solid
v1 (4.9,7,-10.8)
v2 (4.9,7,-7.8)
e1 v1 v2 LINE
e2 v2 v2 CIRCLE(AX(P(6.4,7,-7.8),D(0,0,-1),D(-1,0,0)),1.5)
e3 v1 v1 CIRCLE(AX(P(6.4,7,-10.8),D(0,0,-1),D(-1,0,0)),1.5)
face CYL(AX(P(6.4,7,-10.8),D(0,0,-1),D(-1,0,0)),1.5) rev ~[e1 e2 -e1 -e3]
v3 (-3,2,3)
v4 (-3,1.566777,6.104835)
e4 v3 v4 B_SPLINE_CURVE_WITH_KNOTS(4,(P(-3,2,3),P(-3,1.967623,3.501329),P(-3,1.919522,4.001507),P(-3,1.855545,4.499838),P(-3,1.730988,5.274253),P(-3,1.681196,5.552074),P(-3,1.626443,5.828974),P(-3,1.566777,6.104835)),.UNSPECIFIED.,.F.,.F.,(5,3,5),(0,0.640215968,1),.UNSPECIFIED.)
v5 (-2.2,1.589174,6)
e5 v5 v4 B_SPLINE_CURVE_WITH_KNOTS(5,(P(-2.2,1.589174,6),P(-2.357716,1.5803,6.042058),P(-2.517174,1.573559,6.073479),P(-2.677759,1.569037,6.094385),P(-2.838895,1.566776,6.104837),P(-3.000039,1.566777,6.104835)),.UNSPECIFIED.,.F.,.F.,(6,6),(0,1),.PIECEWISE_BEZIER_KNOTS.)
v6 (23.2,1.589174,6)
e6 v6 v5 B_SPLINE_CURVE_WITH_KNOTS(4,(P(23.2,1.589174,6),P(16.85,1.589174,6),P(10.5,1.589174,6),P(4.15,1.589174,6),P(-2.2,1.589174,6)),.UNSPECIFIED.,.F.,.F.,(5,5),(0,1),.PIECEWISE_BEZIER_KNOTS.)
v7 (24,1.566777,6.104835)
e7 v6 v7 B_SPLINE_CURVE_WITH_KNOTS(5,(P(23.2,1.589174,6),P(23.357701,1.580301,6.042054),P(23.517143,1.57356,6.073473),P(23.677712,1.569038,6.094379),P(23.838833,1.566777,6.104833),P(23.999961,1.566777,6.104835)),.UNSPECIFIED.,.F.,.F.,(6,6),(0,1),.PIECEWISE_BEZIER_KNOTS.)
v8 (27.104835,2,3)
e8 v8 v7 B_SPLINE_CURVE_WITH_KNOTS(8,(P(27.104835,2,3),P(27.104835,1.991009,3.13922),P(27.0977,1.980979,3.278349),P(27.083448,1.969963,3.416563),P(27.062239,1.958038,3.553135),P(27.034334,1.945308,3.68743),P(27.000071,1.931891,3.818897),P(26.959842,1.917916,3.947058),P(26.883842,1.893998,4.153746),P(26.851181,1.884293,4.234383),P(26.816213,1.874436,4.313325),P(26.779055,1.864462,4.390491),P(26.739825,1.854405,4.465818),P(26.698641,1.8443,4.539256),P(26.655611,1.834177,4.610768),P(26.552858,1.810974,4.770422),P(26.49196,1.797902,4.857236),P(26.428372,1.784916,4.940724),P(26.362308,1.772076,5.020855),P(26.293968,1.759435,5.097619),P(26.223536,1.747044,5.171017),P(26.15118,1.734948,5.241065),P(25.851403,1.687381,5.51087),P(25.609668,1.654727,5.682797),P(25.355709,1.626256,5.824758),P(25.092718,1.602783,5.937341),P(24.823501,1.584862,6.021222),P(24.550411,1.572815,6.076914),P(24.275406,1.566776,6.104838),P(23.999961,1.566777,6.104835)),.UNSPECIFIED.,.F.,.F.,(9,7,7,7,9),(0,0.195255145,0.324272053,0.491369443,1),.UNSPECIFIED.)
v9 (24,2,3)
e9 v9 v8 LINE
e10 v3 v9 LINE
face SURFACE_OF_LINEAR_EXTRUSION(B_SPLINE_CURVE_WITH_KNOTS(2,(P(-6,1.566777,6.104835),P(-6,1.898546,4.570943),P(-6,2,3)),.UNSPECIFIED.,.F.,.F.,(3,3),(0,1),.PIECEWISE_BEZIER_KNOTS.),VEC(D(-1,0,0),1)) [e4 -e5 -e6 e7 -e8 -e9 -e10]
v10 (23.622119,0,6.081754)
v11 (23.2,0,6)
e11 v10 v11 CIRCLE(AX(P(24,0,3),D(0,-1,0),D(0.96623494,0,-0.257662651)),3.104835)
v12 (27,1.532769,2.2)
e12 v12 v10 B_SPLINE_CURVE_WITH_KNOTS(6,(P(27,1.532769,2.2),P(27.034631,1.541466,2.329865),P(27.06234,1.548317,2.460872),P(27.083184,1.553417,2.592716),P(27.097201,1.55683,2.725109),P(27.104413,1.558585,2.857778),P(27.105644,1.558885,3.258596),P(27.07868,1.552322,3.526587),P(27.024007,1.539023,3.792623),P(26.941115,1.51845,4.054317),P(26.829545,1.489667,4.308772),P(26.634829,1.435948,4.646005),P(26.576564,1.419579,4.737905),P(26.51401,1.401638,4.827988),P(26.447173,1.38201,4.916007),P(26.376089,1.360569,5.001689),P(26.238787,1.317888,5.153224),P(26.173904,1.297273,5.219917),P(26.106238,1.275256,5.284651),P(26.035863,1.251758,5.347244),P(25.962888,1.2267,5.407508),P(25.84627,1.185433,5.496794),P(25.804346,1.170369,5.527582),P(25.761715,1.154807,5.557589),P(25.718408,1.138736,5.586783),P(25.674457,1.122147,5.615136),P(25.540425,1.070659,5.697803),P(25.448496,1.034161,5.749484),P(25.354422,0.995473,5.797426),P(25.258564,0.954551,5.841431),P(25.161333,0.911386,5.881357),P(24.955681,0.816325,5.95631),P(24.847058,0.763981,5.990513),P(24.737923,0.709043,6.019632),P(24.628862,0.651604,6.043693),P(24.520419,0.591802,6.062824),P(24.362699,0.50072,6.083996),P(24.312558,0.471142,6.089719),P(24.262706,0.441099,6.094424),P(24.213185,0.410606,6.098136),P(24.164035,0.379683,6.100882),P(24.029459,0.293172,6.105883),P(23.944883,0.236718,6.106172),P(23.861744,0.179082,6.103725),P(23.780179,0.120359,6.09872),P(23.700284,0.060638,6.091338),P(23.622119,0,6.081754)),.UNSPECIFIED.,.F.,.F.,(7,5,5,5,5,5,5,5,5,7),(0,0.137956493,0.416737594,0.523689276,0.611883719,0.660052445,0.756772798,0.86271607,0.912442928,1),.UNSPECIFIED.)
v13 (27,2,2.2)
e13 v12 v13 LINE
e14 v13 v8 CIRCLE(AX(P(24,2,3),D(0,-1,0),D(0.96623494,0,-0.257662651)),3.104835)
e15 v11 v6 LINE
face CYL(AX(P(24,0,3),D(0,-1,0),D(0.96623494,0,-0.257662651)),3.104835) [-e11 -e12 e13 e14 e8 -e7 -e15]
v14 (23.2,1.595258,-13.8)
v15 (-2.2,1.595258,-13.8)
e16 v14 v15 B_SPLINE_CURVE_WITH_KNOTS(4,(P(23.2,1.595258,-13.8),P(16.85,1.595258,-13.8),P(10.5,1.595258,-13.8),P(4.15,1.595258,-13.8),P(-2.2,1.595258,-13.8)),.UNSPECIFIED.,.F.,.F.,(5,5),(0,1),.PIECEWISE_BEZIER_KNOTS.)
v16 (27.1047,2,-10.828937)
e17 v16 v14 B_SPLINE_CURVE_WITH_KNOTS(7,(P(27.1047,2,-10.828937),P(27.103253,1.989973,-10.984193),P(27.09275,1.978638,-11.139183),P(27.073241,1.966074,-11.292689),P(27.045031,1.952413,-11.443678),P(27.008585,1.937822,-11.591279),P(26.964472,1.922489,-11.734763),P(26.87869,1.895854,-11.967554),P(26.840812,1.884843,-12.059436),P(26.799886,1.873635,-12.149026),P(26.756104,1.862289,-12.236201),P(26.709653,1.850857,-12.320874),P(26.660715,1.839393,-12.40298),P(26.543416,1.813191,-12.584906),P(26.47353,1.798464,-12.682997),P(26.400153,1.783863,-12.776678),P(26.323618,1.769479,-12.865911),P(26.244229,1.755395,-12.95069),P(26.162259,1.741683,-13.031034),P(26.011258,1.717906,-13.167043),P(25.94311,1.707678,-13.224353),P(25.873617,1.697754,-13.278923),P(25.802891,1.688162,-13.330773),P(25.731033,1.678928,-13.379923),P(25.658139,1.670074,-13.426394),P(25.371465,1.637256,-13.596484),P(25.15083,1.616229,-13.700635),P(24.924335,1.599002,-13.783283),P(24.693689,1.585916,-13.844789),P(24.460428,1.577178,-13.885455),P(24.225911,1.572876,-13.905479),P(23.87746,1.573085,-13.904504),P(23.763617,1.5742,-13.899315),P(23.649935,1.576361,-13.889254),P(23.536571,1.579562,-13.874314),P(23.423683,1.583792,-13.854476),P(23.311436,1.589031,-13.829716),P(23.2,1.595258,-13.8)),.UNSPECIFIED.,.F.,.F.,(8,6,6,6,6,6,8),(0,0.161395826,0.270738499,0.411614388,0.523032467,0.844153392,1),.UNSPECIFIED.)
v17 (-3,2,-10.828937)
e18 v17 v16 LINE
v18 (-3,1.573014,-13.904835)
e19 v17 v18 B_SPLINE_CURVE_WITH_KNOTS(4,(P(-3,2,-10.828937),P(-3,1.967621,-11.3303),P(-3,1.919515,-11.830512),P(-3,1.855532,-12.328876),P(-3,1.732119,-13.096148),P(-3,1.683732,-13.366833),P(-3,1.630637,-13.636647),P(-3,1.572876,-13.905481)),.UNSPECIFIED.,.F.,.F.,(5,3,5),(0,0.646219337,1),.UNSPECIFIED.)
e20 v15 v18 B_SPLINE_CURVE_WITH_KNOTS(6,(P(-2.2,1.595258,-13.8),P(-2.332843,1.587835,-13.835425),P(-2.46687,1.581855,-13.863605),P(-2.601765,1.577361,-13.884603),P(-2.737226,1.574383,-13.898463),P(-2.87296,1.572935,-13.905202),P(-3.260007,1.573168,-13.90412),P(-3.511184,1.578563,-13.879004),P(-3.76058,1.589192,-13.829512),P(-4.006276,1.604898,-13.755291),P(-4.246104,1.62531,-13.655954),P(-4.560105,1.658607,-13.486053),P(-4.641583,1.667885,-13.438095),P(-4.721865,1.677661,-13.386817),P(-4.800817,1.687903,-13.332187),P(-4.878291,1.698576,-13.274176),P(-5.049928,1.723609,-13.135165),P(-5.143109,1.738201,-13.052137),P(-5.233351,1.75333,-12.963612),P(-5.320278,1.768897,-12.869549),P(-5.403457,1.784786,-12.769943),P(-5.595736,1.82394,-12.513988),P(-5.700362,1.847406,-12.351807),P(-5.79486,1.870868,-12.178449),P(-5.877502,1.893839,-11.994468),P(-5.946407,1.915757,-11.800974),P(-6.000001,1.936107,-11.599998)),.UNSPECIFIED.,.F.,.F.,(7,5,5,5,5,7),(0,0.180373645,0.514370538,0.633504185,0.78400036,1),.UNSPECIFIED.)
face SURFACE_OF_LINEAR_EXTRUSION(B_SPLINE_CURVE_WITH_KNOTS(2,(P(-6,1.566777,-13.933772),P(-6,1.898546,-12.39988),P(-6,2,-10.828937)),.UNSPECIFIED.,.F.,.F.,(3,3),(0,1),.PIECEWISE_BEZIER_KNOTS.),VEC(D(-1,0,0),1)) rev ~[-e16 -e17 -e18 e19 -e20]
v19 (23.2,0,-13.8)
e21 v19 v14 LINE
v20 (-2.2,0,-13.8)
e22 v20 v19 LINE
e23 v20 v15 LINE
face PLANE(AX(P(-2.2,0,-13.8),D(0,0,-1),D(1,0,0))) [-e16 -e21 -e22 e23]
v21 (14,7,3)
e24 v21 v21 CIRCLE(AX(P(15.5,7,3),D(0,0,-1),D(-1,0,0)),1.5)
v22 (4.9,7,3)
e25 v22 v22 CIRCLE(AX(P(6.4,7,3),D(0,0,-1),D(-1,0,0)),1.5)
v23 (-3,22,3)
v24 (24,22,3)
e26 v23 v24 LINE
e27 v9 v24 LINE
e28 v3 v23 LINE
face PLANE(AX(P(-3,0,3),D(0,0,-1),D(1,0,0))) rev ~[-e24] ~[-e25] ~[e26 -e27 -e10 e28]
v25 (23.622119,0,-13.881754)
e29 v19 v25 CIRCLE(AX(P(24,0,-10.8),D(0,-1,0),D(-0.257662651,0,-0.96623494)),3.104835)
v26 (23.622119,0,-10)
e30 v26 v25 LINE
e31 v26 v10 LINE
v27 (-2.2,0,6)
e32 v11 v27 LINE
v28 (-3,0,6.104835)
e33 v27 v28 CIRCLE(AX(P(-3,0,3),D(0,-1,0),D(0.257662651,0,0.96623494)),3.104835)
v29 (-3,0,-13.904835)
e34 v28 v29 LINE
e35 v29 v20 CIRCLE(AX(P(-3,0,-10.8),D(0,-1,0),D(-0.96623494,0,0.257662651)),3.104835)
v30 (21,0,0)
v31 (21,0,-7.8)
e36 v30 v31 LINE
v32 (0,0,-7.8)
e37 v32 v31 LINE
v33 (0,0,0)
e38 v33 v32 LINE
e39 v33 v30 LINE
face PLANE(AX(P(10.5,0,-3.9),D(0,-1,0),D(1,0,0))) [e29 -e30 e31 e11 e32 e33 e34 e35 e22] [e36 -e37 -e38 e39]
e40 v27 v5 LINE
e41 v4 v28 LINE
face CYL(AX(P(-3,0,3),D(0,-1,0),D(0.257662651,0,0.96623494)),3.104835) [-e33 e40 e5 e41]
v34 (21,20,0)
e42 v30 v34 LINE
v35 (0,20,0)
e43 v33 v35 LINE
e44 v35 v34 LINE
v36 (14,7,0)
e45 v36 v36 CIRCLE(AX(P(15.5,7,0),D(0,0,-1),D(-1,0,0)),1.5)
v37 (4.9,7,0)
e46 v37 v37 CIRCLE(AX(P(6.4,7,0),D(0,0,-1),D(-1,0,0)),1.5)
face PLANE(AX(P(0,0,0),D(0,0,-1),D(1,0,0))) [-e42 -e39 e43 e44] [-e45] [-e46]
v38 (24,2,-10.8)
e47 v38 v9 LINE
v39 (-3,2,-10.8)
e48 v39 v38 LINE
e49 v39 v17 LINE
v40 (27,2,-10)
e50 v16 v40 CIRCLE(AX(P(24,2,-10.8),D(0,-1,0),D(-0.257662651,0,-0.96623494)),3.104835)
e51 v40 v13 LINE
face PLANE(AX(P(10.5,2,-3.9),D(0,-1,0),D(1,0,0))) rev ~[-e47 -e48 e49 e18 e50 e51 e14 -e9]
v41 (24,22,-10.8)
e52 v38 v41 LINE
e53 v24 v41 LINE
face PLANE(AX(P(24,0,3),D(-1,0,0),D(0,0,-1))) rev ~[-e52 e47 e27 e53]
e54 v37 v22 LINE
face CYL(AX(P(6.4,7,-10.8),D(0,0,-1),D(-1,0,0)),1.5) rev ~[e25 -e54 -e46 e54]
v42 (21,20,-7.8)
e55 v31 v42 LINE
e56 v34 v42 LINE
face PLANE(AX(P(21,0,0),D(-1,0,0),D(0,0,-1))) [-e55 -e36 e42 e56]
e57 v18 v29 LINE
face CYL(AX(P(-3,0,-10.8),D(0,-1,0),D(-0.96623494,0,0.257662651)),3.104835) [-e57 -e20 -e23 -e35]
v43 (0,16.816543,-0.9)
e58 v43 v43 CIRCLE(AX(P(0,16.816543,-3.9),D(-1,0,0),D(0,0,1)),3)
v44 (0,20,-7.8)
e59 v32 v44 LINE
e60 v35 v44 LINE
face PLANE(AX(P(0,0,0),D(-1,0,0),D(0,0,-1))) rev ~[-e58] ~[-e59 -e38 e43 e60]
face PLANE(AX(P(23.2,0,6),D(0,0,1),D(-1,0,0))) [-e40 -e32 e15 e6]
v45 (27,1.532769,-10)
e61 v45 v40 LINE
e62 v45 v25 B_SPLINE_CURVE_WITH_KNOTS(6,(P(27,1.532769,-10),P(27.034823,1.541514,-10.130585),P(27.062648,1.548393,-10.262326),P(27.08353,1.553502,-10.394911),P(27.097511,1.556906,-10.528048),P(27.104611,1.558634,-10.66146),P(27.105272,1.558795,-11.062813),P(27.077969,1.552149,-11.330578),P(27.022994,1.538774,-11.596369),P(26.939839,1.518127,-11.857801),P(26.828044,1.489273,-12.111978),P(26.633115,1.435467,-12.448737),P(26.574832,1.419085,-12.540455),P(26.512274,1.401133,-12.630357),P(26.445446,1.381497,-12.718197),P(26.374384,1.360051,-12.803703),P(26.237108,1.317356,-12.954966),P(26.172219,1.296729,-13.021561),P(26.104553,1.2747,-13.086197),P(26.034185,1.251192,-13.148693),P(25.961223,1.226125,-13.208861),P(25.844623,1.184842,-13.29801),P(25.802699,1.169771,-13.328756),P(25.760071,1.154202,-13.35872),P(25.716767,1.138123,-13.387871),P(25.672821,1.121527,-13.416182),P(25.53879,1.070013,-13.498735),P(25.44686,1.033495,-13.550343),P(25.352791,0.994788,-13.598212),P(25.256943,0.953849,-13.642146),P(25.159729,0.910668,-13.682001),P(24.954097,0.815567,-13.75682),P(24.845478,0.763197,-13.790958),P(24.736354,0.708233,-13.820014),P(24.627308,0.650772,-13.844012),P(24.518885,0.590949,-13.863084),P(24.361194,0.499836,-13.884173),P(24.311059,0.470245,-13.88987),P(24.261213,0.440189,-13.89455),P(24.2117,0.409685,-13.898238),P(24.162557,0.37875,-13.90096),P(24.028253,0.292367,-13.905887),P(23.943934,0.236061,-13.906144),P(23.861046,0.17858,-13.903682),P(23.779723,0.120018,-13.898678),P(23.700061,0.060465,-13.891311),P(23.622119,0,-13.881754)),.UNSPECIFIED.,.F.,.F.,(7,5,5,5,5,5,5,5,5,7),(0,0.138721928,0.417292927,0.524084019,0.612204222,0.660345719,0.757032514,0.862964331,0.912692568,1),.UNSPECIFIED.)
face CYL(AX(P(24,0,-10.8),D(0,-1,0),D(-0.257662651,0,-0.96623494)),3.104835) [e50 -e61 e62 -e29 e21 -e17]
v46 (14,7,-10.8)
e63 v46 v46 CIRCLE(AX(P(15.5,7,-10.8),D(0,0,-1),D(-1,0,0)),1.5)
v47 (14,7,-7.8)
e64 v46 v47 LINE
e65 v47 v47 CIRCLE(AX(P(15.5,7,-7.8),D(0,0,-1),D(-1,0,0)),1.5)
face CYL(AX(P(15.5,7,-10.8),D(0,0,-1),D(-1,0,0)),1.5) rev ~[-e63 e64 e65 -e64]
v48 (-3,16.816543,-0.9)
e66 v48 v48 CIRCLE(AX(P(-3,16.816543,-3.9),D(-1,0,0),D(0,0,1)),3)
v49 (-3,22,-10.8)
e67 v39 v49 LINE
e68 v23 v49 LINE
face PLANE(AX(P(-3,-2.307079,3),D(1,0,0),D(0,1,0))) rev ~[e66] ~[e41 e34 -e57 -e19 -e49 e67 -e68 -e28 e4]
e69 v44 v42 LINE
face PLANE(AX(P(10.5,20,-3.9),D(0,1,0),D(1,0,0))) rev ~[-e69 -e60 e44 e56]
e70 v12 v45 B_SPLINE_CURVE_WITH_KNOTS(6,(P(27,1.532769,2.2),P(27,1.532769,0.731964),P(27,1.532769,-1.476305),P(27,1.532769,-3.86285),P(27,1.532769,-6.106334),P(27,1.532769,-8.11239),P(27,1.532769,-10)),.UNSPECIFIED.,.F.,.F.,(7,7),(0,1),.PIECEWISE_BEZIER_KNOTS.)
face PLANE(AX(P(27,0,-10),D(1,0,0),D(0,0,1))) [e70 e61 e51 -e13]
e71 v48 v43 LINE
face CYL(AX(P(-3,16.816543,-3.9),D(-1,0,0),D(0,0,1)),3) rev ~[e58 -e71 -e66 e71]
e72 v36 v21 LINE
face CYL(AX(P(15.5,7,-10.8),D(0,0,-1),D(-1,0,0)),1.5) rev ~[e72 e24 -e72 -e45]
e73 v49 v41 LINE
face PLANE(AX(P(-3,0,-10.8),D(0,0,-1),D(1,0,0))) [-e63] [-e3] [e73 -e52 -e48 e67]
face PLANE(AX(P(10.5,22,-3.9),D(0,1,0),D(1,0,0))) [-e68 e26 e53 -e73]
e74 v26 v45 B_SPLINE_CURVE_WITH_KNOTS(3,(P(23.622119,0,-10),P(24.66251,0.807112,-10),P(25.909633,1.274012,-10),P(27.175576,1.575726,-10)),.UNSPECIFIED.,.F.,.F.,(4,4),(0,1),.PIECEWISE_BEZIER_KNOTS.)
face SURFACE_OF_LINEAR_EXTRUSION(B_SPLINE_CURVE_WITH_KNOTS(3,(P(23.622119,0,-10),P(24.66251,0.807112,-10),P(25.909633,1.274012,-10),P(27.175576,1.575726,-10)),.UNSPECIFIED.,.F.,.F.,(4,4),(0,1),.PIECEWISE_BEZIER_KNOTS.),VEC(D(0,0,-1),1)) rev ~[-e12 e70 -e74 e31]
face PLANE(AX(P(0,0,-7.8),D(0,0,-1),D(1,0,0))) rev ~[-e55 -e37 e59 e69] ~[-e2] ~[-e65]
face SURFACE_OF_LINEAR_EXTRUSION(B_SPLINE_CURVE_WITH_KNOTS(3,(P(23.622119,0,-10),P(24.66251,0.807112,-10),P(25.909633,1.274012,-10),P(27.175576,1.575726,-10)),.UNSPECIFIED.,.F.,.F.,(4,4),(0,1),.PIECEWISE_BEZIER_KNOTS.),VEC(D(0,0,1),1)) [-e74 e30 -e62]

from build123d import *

# Parameters (mm, degrees)
SKETCH1_W               = 27
SKETCH1_H               = 13.8
SKETCH1_W_2             = 21
SKETCH1_H_2             = 7.8
BOSS_EXTRUDE1_DEPTH     = 22
SKETCH3_W               = 21
SKETCH3_H               = 7.8
BOSS_EXTRUDE2_DEPTH     = 2
SKETCH6_W               = 27
SKETCH6_H               = 13.8
BOSS_EXTRUDE3_DEPTH     = 2
SKETCH8_R               = 3
CUT_EXTRUDE2_DEPTH      = 5
CUT_EXTRUDE3_DEPTH      = 45
CUT_EXTRUDE5_DEPTH      = 45
CUT_EXTRUDE5_DEPTH_BACK = 45
SKETCH7_R               = 1.5
CUT_EXTRUDE6_DEPTH      = 4.10483504
CUT_EXTRUDE6_DEPTH_BACK = 17.904835039
SKETCH15_W              = 4.518403315
SKETCH15_H              = 4.307078744
CUT_EXTRUDE7_DEPTH      = 10
CUT_EXTRUDE7_DEPTH_BACK = 20


with BuildPart() as part:
    # Sketch1 → Boss-Extrude1 (new body)
    with BuildSketch(Plane(origin=(0, 0, 0), x_dir=(1, 0, 0), z_dir=(0, 1, 0))):
        with Locations((10.5, 3.9)):
            Rectangle(SKETCH1_W, SKETCH1_H)
        with Locations((10.5, 3.9)):
            Rectangle(SKETCH1_W_2, SKETCH1_H_2, mode=Mode.SUBTRACT)
    extrude(amount=BOSS_EXTRUDE1_DEPTH)

    # Sketch3 → Boss-Extrude2 (add)
    with BuildSketch(Plane(origin=(0, 22, 0), x_dir=(1, 0, 0), z_dir=(0, 1, 0))):
        with Locations((10.5, 3.9)):
            Rectangle(SKETCH3_W, SKETCH3_H)
    extrude(amount=-BOSS_EXTRUDE2_DEPTH)

    # Sketch6 → Boss-Extrude3 (add)
    with BuildSketch(Plane.XZ):
        with BuildLine():
            Line((-6, 2.2), (-6, -10))
            ThreePointArc((-6, -10), (-5.19544984, -12.99544984), (-2.2, -13.8))
            Line((-2.2, -13.8), (23.2, -13.8))
            ThreePointArc((23.2, -13.8), (26.19544984, -12.99544984), (27, -10))
            Line((27, -10), (27, 2.2))
            ThreePointArc((27, 2.2), (26.19544984, 5.19544984), (23.2, 6))
            Line((23.2, 6), (-2.2, 6))
            ThreePointArc((-2.2, 6), (-5.19544984, 5.19544984), (-6, 2.2))
        make_face()
        with Locations((10.5, -3.9)):
            Rectangle(SKETCH6_W, SKETCH6_H, mode=Mode.SUBTRACT)
    extrude(amount=-BOSS_EXTRUDE3_DEPTH)

    # Sketch8 → Cut-Extrude2 (cut)
    with BuildSketch(Plane.ZY.offset(3)):
        with Locations((-3.9, 16.816542633)):
            Circle(SKETCH8_R)
    extrude(amount=-CUT_EXTRUDE2_DEPTH, mode=Mode.SUBTRACT)

    # Sketch12 → Cut-Extrude3 (cut)
    with BuildSketch(Plane.ZY.offset(6)):
        with BuildLine():
            Line((3, 2), (6.104834939, 2))
            Line((6.104834939, 2), (6.104834939, 1.56677659))
            add(Edge.make_bspline(
                [(6.104834939, 1.56677659), (4.570942596, 1.898546139), (3, 2)],
                knots=[0, 0, 0, 1, 1, 1], degree=2))
        make_face()
        with BuildLine():
            Line((-13.933772202, 2), (-13.933772202, 1.56677659))
            add(Edge.make_bspline(
                [(-13.933772202, 1.56677659), (-12.399879859, 1.898546139), (-10.828937263, 2)],
                knots=[0, 0, 0, 1, 1, 1], degree=2))
            Line((-10.828937263, 2), (-13.933772202, 2))
        make_face()
    extrude(amount=-CUT_EXTRUDE3_DEPTH, mode=Mode.SUBTRACT)

    # Sketch13 → Cut-Extrude5 (cut, two sides)
    with BuildSketch(Plane(origin=(27, 0, -10), x_dir=(1, 0, 0), z_dir=(0, 0, 1))) as cut_extrude5_sk:
        with BuildLine():
            Line((-3.377880941, 0), (0.509598996, 0))
            Line((0.509598996, 0), (0.509598996, 1.57572602))
            Line((0.509598996, 1.57572602), (0.175576118, 1.57572602))
            add(Edge.make_bspline(
                [(-3.377880941, 0), (-2.337490472, 0.807111843), (-1.090367189, 1.274012221), (0.175576118, 1.57572602)],
                knots=[0, 0, 0, 0, 1, 1, 1, 1], degree=3))
        make_face()
    extrude(amount=CUT_EXTRUDE5_DEPTH, mode=Mode.SUBTRACT)
    extrude(cut_extrude5_sk.sketch, amount=-CUT_EXTRUDE5_DEPTH_BACK, mode=Mode.SUBTRACT)

    # Sketch7 → Cut-Extrude6 (cut, two sides)
    with BuildSketch(Plane(origin=(0, 0, -10.8), x_dir=(-1, 0, 0), z_dir=(0, 0, -1))) as cut_extrude6_sk:
        with Locations((-6.4, 7)):
            Circle(SKETCH7_R)
        with Locations((-15.5, 7)):
            Circle(SKETCH7_R)
    extrude(amount=CUT_EXTRUDE6_DEPTH, mode=Mode.SUBTRACT)
    extrude(cut_extrude6_sk.sketch, amount=-CUT_EXTRUDE6_DEPTH_BACK, mode=Mode.SUBTRACT)

    # Sketch15 → Cut-Extrude7 (cut, two sides)
    with BuildSketch(Plane.XY.offset(3)) as cut_extrude7_sk:
        with Locations((-5.259201658, -0.153539372)):
            Rectangle(SKETCH15_W, SKETCH15_H)
    extrude(amount=CUT_EXTRUDE7_DEPTH, mode=Mode.SUBTRACT)
    extrude(cut_extrude7_sk.sketch, amount=-CUT_EXTRUDE7_DEPTH_BACK, mode=Mode.SUBTRACT)


solid = part.part
